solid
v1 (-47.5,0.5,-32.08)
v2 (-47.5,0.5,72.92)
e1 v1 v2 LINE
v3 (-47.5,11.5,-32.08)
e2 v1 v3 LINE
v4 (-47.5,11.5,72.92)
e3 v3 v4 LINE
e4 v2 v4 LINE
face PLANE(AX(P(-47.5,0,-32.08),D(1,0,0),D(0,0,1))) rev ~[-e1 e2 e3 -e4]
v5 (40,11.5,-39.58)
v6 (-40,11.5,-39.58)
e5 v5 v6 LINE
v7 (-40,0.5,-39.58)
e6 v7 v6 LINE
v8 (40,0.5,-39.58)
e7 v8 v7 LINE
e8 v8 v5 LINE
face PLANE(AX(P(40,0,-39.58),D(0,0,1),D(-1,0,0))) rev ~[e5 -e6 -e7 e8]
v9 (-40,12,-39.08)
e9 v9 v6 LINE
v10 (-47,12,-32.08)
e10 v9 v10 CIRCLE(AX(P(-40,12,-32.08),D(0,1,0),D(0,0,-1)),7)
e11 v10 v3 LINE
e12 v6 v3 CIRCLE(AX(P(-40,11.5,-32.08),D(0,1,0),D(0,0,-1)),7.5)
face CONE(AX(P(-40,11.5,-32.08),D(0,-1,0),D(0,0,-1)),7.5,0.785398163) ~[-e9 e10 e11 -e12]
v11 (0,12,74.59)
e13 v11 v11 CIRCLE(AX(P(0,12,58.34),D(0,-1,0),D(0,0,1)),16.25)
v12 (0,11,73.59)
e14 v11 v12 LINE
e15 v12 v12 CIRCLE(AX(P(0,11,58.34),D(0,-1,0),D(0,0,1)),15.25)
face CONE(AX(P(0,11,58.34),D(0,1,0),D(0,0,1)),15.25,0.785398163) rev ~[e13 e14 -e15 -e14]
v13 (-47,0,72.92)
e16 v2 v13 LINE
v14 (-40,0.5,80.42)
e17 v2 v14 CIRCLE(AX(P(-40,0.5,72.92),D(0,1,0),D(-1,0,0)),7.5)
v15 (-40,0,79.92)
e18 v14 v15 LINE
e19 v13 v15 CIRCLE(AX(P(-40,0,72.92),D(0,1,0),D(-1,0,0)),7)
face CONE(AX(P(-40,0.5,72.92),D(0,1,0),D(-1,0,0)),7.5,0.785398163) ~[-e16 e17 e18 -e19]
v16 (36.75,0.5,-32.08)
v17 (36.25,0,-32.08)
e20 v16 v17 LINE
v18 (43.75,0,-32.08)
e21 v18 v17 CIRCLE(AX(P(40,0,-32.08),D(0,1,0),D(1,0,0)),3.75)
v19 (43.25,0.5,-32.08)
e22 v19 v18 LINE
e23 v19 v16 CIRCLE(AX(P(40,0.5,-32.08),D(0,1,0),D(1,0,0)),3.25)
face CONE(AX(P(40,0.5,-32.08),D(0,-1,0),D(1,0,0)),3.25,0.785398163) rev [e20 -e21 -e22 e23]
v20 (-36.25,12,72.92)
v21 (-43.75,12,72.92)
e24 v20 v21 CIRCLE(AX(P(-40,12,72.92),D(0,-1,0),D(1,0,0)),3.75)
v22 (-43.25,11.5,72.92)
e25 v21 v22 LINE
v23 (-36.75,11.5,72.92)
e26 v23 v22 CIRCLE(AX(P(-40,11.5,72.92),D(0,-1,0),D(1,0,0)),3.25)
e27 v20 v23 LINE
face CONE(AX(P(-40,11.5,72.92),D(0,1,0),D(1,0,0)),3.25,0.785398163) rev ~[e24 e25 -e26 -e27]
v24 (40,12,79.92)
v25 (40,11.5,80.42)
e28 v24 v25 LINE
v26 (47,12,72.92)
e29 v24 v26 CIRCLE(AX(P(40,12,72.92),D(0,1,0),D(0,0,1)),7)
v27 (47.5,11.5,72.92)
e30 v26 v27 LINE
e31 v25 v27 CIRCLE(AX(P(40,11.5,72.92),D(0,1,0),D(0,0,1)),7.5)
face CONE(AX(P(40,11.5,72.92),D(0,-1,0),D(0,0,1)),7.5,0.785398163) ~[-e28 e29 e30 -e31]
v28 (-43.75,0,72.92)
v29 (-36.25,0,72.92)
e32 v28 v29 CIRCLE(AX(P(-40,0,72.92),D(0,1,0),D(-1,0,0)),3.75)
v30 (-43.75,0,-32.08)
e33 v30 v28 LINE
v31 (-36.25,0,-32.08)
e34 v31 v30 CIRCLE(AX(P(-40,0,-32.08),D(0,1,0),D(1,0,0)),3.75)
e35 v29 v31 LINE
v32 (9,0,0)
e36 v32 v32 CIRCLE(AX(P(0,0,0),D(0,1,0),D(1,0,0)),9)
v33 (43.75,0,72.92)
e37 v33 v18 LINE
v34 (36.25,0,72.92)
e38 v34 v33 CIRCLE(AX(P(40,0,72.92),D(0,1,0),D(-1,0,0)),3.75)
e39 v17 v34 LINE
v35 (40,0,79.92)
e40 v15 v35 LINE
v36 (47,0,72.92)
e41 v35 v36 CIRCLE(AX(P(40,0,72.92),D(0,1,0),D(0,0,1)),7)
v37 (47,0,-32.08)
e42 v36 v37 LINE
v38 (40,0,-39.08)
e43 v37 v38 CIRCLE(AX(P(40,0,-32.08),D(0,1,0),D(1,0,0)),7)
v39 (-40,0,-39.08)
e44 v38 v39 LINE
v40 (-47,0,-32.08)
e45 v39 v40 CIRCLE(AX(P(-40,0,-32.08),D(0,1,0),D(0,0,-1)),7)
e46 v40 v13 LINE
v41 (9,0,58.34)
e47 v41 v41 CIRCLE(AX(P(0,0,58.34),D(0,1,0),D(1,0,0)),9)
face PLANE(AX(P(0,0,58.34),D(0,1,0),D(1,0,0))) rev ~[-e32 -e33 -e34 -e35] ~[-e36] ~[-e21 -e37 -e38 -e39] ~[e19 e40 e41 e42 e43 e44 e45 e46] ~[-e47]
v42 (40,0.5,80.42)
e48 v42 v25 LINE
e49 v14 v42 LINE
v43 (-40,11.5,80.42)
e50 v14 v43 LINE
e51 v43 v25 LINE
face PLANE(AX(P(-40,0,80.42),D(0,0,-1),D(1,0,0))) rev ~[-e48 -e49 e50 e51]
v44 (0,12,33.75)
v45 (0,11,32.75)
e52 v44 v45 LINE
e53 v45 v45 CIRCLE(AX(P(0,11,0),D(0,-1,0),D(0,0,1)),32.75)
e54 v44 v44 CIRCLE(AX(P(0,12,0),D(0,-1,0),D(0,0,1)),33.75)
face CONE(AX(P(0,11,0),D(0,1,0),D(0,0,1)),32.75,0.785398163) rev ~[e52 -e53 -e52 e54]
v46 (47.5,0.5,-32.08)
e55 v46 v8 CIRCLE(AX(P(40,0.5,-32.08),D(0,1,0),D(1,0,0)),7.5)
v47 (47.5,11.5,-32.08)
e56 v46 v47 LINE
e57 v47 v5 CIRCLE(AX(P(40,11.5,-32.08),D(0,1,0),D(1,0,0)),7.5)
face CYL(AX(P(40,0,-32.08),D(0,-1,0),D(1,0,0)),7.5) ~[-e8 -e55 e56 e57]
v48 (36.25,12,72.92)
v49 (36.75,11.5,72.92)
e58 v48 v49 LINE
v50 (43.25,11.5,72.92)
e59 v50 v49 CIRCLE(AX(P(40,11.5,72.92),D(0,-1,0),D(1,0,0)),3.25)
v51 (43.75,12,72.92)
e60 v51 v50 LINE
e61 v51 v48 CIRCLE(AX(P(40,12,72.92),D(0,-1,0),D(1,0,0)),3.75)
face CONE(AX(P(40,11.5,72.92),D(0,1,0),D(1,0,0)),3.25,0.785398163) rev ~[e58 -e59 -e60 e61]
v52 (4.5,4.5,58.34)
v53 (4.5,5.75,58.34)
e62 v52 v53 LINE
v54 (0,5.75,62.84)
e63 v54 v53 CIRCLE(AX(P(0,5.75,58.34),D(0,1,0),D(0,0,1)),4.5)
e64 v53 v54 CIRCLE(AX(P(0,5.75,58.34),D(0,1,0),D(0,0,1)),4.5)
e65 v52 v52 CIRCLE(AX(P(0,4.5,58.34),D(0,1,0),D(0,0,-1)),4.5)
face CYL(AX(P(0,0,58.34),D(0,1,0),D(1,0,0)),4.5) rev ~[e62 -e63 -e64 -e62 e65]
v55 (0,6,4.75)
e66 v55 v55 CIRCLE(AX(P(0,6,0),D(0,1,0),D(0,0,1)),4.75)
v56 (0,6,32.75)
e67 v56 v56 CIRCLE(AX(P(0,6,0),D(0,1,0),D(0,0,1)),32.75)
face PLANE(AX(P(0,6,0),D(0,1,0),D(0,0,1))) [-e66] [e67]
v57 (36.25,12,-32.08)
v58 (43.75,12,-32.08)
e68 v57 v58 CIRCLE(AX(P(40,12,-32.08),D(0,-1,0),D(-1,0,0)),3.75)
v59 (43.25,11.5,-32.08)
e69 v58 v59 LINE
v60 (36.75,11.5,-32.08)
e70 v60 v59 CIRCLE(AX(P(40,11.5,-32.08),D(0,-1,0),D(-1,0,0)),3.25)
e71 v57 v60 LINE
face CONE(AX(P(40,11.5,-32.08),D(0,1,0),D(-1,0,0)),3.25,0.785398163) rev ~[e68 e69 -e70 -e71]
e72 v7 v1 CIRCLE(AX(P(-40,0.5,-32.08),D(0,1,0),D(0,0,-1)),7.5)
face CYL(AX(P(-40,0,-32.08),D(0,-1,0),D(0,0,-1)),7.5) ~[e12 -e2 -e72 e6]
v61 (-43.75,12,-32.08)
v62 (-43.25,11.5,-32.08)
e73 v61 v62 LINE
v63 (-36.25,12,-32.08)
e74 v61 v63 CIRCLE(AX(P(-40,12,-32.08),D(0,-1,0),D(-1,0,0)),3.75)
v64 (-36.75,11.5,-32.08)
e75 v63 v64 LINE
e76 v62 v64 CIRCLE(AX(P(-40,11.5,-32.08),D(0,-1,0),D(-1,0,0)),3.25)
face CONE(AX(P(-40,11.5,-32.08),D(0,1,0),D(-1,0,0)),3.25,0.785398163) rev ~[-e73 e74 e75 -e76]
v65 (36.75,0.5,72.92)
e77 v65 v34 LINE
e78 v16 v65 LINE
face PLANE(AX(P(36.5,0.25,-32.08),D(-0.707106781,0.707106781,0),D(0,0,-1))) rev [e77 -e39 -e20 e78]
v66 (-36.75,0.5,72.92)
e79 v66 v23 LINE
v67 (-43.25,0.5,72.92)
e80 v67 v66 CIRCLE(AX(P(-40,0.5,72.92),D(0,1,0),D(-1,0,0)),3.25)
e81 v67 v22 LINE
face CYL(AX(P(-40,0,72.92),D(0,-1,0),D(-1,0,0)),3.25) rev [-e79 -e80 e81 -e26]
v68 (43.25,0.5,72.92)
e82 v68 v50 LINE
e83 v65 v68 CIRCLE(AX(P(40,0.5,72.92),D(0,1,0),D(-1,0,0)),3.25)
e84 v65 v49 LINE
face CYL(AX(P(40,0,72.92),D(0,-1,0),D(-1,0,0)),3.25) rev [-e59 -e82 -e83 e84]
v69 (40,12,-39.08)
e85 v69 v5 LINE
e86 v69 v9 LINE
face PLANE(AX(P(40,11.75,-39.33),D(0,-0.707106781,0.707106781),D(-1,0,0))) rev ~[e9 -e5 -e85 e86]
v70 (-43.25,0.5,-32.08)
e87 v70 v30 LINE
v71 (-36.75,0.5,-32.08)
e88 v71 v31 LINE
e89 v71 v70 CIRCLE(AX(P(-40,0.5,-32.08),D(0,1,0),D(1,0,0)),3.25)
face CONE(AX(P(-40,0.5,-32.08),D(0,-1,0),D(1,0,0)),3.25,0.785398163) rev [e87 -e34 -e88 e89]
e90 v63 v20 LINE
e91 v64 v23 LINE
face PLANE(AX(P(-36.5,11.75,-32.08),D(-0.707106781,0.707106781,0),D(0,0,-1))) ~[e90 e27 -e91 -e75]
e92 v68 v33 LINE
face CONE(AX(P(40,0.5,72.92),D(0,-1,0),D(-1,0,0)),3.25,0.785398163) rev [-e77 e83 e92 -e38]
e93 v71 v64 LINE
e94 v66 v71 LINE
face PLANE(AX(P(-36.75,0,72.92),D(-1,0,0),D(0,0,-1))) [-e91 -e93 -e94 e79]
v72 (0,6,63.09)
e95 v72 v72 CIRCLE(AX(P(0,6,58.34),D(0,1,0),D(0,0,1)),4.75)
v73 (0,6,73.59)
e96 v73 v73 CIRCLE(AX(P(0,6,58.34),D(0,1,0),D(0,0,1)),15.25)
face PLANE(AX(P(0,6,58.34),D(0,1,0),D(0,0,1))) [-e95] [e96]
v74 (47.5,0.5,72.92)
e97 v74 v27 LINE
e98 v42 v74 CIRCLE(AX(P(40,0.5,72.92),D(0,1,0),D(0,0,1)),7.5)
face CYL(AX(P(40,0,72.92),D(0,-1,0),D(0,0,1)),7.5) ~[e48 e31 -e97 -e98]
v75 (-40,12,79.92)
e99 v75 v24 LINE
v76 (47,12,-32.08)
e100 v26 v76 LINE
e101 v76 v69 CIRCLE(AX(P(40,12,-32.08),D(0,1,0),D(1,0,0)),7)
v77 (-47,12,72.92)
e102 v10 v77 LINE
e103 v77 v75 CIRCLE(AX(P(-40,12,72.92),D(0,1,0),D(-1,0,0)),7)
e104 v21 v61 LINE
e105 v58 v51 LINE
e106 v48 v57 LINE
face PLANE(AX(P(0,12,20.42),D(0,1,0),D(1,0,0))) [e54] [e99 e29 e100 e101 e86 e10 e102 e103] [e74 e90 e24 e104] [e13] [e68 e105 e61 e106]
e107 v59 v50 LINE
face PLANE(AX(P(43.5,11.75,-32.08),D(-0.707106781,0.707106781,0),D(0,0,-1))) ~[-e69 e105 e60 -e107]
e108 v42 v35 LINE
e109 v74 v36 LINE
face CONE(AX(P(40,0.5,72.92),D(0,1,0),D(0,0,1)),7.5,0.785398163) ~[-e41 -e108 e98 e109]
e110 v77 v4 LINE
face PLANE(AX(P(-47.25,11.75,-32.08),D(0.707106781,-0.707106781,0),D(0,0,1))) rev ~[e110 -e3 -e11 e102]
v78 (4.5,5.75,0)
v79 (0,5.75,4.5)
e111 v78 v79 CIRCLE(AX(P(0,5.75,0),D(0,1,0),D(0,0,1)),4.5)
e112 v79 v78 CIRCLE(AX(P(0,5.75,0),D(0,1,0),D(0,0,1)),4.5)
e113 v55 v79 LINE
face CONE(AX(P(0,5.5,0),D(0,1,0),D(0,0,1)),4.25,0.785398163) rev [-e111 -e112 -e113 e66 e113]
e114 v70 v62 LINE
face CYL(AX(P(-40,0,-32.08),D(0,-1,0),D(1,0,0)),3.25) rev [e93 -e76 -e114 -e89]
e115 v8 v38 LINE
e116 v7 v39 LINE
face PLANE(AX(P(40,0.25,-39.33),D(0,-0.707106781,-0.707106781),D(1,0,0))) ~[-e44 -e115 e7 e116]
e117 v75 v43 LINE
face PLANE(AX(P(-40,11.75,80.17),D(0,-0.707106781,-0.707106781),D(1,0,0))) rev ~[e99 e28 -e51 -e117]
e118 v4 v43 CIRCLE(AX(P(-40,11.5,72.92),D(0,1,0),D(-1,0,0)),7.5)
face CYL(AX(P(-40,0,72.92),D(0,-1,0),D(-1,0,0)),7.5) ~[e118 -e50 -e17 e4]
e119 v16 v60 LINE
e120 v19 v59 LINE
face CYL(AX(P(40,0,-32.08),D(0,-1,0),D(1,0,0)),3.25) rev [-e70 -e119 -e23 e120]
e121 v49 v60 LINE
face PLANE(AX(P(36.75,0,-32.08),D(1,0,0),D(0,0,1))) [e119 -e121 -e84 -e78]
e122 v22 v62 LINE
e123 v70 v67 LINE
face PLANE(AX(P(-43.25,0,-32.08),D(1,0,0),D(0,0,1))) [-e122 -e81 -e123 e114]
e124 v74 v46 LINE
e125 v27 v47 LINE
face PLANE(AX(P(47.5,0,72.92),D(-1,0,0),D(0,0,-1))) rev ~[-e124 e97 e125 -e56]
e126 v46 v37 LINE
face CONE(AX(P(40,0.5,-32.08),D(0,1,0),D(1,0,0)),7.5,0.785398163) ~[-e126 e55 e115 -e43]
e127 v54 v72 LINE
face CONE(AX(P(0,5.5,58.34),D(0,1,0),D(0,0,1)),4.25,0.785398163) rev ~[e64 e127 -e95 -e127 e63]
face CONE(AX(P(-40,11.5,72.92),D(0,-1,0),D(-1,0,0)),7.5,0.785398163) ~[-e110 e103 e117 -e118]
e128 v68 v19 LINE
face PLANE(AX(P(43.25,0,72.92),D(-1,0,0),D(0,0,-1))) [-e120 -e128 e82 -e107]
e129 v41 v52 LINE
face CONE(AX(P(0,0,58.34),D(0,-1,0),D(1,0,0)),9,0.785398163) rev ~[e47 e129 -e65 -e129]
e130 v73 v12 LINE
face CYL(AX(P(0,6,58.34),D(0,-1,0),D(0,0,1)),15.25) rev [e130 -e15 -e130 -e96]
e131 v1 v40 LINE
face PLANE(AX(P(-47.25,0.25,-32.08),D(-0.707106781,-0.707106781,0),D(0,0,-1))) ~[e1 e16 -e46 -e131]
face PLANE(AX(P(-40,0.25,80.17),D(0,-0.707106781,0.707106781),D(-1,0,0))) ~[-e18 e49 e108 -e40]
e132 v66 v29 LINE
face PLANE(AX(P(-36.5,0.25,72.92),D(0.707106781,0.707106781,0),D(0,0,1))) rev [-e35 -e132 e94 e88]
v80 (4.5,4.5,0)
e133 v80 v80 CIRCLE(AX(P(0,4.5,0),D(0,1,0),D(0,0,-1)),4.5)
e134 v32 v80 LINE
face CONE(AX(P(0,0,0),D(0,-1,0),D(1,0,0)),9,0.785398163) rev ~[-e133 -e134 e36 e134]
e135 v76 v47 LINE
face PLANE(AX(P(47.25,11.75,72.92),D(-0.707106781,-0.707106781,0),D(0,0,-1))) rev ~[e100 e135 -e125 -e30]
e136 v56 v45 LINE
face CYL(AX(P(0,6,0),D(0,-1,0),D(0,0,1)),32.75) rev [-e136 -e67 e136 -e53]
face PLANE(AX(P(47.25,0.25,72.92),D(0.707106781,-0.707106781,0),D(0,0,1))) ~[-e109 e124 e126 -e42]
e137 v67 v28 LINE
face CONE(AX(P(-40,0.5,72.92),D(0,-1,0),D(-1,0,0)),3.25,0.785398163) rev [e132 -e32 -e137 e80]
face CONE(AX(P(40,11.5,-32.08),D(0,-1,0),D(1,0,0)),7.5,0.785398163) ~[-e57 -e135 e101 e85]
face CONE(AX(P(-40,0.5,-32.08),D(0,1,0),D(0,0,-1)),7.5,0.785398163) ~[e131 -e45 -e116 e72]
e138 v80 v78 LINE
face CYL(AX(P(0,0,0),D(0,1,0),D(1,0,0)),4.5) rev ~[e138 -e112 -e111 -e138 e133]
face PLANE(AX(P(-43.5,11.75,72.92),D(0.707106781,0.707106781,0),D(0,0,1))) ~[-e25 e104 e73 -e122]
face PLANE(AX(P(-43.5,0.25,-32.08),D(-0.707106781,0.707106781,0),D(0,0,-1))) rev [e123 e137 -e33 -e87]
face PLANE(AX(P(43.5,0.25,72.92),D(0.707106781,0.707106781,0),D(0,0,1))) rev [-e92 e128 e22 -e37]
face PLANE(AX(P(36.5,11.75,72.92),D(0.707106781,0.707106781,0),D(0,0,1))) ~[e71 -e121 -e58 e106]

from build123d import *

# Parameters (mm, degrees)
BOSS_EXTRUDE1_DEPTH                             = 12
SKETCH1_4_R                                     = 4.25
CUT_EXTRUDE2_DEPTH                              = 95.16807527
CUT_EXTRUDE3_START                              = 6
SKETCH1_6_R                                     = 32.75
SKETCH1_6_R_2                                   = 4.25
SKETCH1_6_R_3                                   = 15.25
CUT_EXTRUDE3_DEPTH                              = 89.16807527
CHAMFER1_SIZE                                   = 1
CHAMFER2_SIZE                                   = 0.5
CSK_FOR_M8_FLAT_HEAD_MACHINE_SCREW1_D           = 9
CSK_FOR_M8_FLAT_HEAD_MACHINE_SCREW1_CSINK_D     = 18
CSK_FOR_M8_FLAT_HEAD_MACHINE_SCREW1_CSINK_ANGLE = 90


with BuildPart() as part:
    # Sketch1 → Boss-Extrude1 (new body)
    with BuildSketch(Plane(origin=(0, 0, 0), x_dir=(1, 0, 0), z_dir=(0, 1, 0))):
        with BuildLine():
            ThreePointArc((-47.5, -72.92), (-45.303300859, -78.223300859), (-40, -80.42))
            Line((-40, -80.42), (40, -80.42))
            ThreePointArc((40, -80.42), (45.303300859, -78.223300859), (47.5, -72.92))
            Line((47.5, -72.92), (47.5, 32.08))
            ThreePointArc((47.5, 32.08), (45.303300859, 37.383300859), (40, 39.58))
            Line((40, 39.58), (-40, 39.58))
            ThreePointArc((-40, 39.58), (-45.303300859, 37.383300859), (-47.5, 32.08))
            Line((-47.5, 32.08), (-47.5, -72.92))
        make_face()
    extrude(amount=BOSS_EXTRUDE1_DEPTH)

    # Sketch1<4> → Cut-Extrude2 (cut, through all)
    with BuildSketch(Plane(origin=(0, 0, 0), x_dir=(1, 0, 0), z_dir=(0, 1, 0))):
        with BuildLine():
            Line((-36.75, -72.92), (-36.75, 32.08))
            ThreePointArc((-36.75, 32.08), (-40, 35.33), (-43.25, 32.08))
            Line((-43.25, 32.08), (-43.25, -72.92))
            ThreePointArc((-43.25, -72.92), (-40, -76.17), (-36.75, -72.92))
        make_face()
        with BuildLine():
            Line((43.25, -72.92), (43.25, 32.08))
            ThreePointArc((43.25, 32.08), (40, 35.33), (36.75, 32.08))
            Line((36.75, 32.08), (36.75, -72.92))
            ThreePointArc((36.75, -72.92), (40, -76.17), (43.25, -72.92))
        make_face()
        Circle(SKETCH1_4_R)
        with Locations((0, -58.34)):
            Circle(SKETCH1_4_R)
    extrude(amount=CUT_EXTRUDE2_DEPTH, mode=Mode.SUBTRACT)

    # Sketch1<6> → Cut-Extrude3 (cut, through all)
    # profile 1 of 2: a face of its own
    with BuildSketch(Plane(origin=(0, 0, 0), x_dir=(1, 0, 0), z_dir=(0, 1, 0)).offset(CUT_EXTRUDE3_START)):
        Circle(SKETCH1_6_R)
        Circle(SKETCH1_6_R_2, mode=Mode.SUBTRACT)
    # profile 2 of 2: a face of its own
    with BuildSketch(Plane(origin=(0, 0, 0), x_dir=(1, 0, 0), z_dir=(0, 1, 0)).offset(CUT_EXTRUDE3_START)):
        with Locations((0, -58.34)):
            Circle(SKETCH1_6_R_3)
        with Locations((0, -58.34)):
            Circle(SKETCH1_6_R_2, mode=Mode.SUBTRACT)
    extrude(amount=CUT_EXTRUDE3_DEPTH, mode=Mode.SUBTRACT)

    # Chamfer1
    chamfer1_edges = [part.edges().sort_by_distance(p)[0] for p in [
        (-15.25, 12, 58.34),
        (-32.75, 12, 0),
    ]]
    chamfer(chamfer1_edges, length=CHAMFER1_SIZE)

    # Chamfer2
    chamfer2_edges = [part.edges().sort_by_distance(p)[0] for p in [
        (-4.25, 6, 58.34),
        (-4.25, 0, 58.34),
        (-4.25, 6, 0),
        (-4.25, 0, 0),
        (43.25, 12, 20.42),
        (40, 12, -35.33),
        (40, 12, 76.17),
        (36.75, 12, 20.42),
        (43.25, 0, 20.42),
        (40, 0, -35.33),
        (40, 0, 76.17),
        (36.75, 0, 20.42),
        (-36.75, 12, 20.42),
        (-40, 12, -35.33),
        (-40, 12, 76.17),
        (-43.25, 12, 20.42),
        (-36.75, 0, 20.42),
        (-40, 0, -35.33),
        (-40, 0, 76.17),
        (-43.25, 0, 20.42),
        (0, 12, -39.58),
        (-45.303300859, 12, -37.383300859),
        (45.303300859, 12, -37.383300859),
        (-47.5, 12, 20.42),
        (47.5, 12, 20.42),
        (-45.303300859, 12, 78.223300859),
        (45.303300859, 12, 78.223300859),
        (0, 12, 80.42),
        (0, 0, -39.58),
        (-45.303300859, 0, -37.383300859),
        (45.303300859, 0, -37.383300859),
        (-47.5, 0, 20.42),
        (47.5, 0, 20.42),
        (-45.303300859, 0, 78.223300859),
        (45.303300859, 0, 78.223300859),
        (0, 0, 80.42),
    ]]
    chamfer(chamfer2_edges, length=CHAMFER2_SIZE)

    # CSK for M8 Flat Head Machine Screw1 (through all)
    with Locations(Plane(origin=(0, 0, 0), x_dir=(-1, 0, 0), z_dir=(0, -1, 0))):
        with Locations((0, 0), (0, -58.34)):
            CounterSinkHole(CSK_FOR_M8_FLAT_HEAD_MACHINE_SCREW1_D / 2, CSK_FOR_M8_FLAT_HEAD_MACHINE_SCREW1_CSINK_D / 2, counter_sink_angle=CSK_FOR_M8_FLAT_HEAD_MACHINE_SCREW1_CSINK_ANGLE)


solid = part.part
